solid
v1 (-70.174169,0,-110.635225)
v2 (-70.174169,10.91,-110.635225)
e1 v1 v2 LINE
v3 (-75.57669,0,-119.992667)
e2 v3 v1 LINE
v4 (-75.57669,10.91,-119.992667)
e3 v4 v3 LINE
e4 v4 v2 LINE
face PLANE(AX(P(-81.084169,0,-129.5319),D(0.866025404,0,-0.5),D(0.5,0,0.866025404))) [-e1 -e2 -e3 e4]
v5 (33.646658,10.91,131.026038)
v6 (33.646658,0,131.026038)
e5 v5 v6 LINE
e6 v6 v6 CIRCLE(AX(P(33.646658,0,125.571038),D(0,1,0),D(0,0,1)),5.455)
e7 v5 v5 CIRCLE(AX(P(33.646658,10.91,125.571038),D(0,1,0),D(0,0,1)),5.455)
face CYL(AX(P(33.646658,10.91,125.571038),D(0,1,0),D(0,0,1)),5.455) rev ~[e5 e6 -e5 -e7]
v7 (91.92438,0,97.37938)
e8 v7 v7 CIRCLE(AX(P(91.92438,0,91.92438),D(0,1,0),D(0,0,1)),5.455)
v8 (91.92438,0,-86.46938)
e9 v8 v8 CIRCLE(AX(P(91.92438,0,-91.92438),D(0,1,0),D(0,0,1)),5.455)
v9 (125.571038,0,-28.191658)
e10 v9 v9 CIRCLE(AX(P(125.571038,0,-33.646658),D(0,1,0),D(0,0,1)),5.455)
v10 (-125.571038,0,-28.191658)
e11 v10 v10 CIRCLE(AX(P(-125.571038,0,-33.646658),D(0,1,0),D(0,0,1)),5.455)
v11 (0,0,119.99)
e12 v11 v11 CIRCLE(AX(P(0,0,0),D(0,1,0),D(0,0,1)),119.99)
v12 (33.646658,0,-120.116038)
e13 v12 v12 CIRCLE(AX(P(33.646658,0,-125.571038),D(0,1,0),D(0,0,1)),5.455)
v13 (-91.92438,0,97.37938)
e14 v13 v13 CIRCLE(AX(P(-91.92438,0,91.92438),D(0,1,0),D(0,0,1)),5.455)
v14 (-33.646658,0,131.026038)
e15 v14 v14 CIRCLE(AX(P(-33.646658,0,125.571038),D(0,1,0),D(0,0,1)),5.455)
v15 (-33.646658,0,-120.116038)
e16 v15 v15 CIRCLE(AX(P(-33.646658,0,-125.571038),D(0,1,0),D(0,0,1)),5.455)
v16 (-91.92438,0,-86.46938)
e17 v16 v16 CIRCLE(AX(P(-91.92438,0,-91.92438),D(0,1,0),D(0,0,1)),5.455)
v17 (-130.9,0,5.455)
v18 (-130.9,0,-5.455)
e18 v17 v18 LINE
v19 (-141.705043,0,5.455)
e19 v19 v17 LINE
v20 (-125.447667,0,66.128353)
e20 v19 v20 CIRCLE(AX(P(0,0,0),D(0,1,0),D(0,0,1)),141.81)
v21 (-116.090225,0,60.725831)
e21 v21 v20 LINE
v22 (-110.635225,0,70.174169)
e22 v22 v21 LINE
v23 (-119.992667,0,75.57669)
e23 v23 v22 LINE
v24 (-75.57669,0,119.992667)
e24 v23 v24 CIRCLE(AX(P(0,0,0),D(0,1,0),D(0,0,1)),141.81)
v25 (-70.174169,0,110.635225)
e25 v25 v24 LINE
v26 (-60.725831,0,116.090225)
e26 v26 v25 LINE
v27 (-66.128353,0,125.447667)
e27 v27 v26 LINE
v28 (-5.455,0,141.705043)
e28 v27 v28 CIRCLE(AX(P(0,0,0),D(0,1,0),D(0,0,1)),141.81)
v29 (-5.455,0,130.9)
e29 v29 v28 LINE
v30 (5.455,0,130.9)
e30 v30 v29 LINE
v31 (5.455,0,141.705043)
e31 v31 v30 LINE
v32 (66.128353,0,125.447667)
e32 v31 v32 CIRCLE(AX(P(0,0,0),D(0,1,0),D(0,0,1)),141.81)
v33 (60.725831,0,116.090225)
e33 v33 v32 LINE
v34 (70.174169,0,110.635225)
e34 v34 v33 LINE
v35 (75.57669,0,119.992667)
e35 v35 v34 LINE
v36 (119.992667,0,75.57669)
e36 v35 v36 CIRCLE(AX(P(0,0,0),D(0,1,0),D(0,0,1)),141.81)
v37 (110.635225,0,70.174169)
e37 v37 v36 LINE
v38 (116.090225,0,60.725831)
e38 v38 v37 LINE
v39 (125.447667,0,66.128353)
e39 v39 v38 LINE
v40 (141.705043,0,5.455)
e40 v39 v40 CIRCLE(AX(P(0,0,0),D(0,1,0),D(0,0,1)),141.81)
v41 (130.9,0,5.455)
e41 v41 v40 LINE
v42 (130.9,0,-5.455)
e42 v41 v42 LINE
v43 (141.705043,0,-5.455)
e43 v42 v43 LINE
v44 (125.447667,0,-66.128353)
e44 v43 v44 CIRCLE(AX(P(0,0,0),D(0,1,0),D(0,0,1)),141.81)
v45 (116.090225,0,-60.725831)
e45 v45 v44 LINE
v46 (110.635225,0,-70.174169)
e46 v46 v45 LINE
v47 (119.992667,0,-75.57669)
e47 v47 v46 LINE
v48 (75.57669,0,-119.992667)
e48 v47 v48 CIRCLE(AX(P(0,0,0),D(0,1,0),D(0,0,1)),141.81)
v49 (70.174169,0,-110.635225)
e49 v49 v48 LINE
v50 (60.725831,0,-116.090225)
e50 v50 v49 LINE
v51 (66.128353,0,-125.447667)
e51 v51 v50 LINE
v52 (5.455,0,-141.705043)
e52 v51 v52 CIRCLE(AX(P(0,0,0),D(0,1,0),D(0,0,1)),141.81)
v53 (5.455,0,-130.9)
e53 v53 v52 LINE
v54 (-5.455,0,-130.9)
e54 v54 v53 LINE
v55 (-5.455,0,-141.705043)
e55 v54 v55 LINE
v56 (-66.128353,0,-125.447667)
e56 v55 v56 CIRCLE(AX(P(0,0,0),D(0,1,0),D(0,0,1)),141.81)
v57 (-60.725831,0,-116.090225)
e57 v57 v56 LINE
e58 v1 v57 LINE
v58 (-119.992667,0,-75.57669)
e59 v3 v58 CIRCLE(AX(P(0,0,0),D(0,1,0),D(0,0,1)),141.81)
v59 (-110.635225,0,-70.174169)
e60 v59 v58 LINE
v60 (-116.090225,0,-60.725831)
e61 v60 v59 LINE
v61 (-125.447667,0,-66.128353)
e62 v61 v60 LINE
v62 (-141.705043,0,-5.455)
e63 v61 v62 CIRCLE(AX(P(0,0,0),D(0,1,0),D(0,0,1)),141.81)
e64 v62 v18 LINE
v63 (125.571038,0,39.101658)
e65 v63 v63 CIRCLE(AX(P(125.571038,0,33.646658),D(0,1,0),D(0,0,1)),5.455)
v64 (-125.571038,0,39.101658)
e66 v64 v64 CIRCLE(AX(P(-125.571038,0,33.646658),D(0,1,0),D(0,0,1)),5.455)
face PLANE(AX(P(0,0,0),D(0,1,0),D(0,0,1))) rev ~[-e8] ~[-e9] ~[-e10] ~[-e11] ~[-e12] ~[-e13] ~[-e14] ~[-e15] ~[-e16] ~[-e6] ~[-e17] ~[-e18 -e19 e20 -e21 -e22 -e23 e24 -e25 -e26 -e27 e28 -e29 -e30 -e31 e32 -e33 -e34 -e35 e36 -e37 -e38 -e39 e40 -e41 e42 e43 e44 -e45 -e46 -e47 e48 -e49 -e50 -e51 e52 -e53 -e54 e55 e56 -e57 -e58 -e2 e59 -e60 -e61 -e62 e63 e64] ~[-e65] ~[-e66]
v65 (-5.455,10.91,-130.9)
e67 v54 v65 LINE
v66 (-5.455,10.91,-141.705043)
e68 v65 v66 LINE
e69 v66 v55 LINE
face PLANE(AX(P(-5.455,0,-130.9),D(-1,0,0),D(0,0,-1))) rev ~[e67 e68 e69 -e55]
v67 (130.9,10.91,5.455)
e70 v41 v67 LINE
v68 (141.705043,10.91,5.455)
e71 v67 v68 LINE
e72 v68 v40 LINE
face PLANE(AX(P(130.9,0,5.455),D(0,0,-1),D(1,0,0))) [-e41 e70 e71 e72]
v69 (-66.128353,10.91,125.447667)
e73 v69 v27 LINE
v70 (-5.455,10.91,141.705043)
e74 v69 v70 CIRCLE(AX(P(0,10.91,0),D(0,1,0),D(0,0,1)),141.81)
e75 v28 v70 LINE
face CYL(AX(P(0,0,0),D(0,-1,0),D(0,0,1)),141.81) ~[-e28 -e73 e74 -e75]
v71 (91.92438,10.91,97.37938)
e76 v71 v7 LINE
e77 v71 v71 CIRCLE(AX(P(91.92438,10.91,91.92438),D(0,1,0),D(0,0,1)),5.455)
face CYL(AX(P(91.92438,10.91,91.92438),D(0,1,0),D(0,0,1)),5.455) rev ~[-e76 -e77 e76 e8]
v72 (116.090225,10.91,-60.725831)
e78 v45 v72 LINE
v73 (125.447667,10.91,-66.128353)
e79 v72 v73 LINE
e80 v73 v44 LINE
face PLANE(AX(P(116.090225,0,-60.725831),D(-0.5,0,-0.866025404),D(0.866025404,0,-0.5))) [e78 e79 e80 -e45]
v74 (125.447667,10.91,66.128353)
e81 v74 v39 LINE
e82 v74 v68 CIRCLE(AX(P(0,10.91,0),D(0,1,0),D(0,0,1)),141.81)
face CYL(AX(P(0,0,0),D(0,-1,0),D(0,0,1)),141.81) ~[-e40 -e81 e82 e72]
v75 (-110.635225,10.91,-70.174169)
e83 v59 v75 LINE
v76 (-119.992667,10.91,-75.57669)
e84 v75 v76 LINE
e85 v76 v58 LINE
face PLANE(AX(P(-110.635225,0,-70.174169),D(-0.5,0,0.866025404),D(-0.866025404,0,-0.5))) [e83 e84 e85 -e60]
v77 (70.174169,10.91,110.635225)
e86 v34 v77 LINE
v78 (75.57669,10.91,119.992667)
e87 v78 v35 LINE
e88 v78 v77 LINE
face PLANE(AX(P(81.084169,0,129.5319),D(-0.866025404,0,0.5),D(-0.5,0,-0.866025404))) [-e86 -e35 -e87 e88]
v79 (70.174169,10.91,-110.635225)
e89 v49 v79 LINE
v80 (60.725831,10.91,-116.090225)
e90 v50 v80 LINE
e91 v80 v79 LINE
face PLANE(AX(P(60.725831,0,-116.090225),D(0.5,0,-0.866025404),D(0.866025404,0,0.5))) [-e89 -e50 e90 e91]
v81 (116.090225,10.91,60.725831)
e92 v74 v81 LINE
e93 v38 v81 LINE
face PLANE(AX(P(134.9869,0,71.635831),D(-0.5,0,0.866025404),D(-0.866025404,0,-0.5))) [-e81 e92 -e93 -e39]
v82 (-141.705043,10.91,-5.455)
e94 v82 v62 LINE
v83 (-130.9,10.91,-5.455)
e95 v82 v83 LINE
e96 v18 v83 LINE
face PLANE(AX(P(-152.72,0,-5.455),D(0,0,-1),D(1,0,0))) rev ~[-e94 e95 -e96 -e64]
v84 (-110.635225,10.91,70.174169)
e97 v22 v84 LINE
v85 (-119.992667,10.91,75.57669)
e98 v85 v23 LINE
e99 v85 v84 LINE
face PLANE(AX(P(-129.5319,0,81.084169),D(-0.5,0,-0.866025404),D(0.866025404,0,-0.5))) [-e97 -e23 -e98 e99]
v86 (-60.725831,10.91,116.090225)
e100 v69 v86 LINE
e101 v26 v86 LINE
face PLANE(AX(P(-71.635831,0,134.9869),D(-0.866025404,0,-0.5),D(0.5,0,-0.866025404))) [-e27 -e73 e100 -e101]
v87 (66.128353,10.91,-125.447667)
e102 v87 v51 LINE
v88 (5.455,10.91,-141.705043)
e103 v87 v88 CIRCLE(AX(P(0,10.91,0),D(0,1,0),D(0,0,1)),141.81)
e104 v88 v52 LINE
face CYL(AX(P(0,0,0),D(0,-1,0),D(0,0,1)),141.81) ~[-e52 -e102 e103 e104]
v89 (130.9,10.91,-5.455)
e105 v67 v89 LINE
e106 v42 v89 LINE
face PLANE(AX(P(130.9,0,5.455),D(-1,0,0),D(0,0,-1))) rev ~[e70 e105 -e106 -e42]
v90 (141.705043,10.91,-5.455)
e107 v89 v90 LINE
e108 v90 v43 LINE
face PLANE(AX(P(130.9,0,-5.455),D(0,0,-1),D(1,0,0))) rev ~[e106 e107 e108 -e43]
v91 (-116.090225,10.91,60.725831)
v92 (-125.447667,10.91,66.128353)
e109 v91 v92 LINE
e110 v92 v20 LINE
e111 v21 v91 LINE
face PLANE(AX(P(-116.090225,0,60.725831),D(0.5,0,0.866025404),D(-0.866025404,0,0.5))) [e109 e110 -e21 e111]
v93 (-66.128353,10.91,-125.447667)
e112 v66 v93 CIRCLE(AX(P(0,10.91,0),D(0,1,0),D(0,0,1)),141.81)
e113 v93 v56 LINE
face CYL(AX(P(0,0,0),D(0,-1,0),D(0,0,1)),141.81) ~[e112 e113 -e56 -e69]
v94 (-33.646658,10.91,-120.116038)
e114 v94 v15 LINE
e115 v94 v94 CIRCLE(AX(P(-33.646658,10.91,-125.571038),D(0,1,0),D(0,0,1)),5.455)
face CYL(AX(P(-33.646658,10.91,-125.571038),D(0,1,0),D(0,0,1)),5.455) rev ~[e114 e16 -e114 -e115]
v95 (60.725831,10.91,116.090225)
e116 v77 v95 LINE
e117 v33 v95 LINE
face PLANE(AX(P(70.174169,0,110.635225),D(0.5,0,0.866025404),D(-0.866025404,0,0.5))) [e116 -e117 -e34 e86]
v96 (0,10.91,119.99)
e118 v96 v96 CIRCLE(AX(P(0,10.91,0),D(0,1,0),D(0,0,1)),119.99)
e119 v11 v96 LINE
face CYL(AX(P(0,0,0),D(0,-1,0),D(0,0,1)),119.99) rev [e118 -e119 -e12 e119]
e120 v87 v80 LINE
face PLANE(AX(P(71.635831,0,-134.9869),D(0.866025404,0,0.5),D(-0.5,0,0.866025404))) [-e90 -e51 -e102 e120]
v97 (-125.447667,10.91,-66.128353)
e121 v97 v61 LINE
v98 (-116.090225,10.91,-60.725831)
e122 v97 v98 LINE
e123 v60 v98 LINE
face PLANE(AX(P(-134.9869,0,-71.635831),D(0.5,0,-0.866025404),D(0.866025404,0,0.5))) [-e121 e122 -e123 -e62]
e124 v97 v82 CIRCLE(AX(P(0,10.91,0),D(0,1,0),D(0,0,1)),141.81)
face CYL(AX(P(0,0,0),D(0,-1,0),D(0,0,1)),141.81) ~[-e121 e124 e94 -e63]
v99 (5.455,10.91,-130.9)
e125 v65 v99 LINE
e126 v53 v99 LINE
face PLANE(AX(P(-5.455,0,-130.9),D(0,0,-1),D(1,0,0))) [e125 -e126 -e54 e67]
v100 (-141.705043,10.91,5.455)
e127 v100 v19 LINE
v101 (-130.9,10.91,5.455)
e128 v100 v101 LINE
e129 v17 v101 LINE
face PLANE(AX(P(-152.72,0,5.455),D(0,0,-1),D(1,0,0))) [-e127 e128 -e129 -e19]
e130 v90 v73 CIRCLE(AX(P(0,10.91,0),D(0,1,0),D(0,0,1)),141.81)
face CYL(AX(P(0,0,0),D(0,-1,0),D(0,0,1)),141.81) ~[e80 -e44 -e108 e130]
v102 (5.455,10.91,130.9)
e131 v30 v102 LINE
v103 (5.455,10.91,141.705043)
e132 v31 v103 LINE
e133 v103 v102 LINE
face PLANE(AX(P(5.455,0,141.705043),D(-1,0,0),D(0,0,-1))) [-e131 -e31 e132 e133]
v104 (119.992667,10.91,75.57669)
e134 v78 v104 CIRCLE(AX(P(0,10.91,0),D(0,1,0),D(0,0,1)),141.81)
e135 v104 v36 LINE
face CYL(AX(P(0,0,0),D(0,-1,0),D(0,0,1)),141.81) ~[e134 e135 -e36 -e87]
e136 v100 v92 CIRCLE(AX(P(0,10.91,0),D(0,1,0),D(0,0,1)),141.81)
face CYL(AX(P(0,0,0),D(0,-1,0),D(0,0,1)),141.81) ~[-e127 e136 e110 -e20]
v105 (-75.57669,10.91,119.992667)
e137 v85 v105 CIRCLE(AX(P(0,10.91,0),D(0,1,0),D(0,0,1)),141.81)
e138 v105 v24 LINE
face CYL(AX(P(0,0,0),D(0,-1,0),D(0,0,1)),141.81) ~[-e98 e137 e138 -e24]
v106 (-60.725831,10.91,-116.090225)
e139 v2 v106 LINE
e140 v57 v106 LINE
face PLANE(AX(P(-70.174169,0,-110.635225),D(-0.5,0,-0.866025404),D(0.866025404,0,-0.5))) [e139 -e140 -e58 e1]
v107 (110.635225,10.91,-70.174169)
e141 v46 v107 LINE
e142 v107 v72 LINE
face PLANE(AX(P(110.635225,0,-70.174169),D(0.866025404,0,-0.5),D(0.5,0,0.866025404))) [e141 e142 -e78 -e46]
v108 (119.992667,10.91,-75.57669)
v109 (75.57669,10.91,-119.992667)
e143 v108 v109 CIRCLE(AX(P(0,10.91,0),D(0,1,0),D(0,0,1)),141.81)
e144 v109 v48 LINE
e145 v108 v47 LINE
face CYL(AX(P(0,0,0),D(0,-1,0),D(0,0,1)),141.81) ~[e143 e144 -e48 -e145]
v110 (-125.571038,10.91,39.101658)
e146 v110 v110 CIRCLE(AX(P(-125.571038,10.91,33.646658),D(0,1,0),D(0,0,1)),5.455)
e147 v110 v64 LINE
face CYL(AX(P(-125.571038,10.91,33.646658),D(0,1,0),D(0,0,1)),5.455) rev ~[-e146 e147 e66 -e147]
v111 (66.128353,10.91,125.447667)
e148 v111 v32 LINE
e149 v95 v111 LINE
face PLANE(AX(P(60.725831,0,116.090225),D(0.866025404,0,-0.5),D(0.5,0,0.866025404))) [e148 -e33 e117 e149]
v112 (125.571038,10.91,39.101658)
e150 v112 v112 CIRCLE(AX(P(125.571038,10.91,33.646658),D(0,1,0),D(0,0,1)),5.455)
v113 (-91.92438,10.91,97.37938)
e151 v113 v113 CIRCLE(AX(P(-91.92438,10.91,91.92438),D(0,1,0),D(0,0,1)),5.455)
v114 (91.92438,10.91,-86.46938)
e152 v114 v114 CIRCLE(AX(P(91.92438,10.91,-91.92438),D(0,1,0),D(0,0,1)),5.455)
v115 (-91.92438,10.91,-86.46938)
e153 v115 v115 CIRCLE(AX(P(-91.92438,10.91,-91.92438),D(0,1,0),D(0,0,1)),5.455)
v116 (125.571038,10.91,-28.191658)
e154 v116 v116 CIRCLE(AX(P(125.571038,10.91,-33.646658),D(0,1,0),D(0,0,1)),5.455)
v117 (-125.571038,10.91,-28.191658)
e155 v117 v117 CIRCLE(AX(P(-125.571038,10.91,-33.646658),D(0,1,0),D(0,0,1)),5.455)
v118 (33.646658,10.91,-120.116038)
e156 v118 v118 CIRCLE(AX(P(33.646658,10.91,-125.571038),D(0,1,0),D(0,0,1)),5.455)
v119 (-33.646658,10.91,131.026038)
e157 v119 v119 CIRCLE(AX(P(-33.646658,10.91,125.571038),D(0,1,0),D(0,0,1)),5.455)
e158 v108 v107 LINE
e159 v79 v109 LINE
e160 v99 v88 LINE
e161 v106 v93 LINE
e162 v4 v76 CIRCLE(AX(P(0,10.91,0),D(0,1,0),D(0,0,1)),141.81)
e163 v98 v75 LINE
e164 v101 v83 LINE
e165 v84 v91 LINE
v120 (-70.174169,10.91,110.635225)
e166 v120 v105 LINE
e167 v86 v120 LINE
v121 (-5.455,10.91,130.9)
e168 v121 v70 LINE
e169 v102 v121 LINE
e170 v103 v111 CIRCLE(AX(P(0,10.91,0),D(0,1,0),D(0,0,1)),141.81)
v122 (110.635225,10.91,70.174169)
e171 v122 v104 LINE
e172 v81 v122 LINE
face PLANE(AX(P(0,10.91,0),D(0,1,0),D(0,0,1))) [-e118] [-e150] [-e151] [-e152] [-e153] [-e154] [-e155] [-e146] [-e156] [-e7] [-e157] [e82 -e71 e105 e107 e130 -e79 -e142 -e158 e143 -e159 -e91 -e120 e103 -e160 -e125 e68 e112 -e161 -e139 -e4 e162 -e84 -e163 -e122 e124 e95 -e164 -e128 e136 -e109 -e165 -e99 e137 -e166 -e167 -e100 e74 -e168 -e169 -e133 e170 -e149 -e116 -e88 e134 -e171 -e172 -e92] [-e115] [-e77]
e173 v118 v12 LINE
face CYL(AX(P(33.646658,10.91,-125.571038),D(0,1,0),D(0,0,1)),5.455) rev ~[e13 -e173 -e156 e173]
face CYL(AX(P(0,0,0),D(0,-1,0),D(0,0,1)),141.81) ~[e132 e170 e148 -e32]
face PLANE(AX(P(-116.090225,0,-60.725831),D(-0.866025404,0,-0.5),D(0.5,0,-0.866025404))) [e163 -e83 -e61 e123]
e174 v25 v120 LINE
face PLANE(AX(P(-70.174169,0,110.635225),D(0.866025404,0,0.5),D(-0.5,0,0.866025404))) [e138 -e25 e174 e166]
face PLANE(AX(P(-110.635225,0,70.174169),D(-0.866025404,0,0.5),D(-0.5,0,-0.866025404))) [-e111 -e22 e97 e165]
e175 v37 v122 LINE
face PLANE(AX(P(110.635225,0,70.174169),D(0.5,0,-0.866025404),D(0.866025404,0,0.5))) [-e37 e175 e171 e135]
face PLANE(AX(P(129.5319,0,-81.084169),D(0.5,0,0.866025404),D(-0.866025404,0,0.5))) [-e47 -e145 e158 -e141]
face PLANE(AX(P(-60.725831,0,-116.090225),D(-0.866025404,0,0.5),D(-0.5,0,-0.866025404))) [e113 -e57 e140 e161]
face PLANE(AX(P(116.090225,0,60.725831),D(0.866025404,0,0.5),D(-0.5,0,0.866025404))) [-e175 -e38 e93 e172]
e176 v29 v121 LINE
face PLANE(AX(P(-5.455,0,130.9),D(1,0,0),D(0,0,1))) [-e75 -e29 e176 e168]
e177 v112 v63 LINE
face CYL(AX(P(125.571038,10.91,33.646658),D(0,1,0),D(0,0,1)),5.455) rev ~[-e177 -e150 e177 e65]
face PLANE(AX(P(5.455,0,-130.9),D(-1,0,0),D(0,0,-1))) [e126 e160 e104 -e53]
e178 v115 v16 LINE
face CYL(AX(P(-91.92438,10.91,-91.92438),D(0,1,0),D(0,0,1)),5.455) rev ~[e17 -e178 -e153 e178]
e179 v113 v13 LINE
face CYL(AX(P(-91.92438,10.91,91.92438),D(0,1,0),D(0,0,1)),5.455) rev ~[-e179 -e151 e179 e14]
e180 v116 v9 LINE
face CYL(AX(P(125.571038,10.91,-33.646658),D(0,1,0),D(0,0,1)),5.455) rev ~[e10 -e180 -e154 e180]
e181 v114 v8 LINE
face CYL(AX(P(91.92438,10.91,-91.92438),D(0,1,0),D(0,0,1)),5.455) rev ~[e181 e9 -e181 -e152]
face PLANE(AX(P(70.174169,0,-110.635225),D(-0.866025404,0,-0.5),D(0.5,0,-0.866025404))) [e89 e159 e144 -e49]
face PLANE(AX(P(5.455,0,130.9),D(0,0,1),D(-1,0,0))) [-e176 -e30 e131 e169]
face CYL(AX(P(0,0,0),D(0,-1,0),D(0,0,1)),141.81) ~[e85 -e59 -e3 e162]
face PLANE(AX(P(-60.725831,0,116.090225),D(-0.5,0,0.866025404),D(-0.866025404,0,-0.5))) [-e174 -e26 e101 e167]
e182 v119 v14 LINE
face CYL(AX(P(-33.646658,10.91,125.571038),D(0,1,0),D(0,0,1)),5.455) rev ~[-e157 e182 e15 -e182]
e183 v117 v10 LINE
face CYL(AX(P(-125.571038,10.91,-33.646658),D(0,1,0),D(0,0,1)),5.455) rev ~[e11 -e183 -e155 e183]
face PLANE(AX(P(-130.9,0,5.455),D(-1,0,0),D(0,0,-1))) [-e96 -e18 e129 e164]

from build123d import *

# Parameters (mm, degrees)
SKETCH1_R           = 141.81
SKETCH1_R_2         = 119.99
BOSS_EXTRUDE1_DEPTH = 10.91
CUT_EXTRUDE1_START  = -10.91
SKETCH2_W           = 21.82
SKETCH2_H           = 10.91
SKETCH2_W_2         = 10.91
SKETCH2_H_2         = 21.82
CUT_EXTRUDE1_DEPTH  = 10.91
SKETCH3_R           = 5.455
CUT_EXTRUDE2_DEPTH  = 10.91


with BuildPart() as part:
    # Sketch1 → Boss-Extrude1 (new body)
    with BuildSketch(Plane(origin=(0, 0, 0), x_dir=(1, 0, 0), z_dir=(0, 1, 0))):
        with Locations(Location((0, 0, 0), (0, 0, 270))):
            Circle(SKETCH1_R)
        with Locations(Location((0, 0, 0), (0, 0, 270))):
            Circle(SKETCH1_R_2, mode=Mode.SUBTRACT)
    extrude(amount=BOSS_EXTRUDE1_DEPTH)

    # Sketch2 → Cut-Extrude1 (cut)
    with BuildSketch(Plane(origin=(0, 10.91, 0), x_dir=(1, 0, 0), z_dir=(0, 1, 0)).offset(CUT_EXTRUDE1_START)):
        with BuildLine():
            Line((-5.455, -130.9), (-5.455, -141.705042518))
            ThreePointArc((-5.455, -141.705042518), (0, -141.81), (5.455, -141.705042518))
            Line((5.455, -141.705042518), (5.455, -130.9))
            Line((5.455, -130.9), (0, -130.9))
            Line((0, -130.9), (-5.455, -130.9))
        make_face()
        Polygon((-71.635831422, -134.986899666), (-60.725831422, -116.090225355), (-70.174168578, -110.635225355), (-81.084168578, -129.531899666), align=None)
        Polygon((-129.531899666, -81.084168578), (-110.635225355, -70.174168578), (-116.090225355, -60.725831422), (-134.986899666, -71.635831422), align=None)
        with Locations((-141.81, 0)):
            Rectangle(SKETCH2_W, SKETCH2_H)
        Polygon((-134.986899666, 71.635831422), (-116.090225355, 60.725831422), (-110.635225355, 70.174168578), (-129.531899666, 81.084168578), align=None)
        Polygon((-81.084168578, 129.531899666), (-70.174168578, 110.635225355), (-60.725831422, 116.090225355), (-71.635831422, 134.986899666), align=None)
        with Locations((0, 141.81)):
            Rectangle(SKETCH2_W_2, SKETCH2_H_2)
        Polygon((71.635831422, 134.986899666), (60.725831422, 116.090225355), (70.174168578, 110.635225355), (81.084168578, 129.531899666), align=None)
        Polygon((129.531899666, 81.084168578), (110.635225355, 70.174168578), (116.090225355, 60.725831422), (134.986899666, 71.635831422), align=None)
        with Locations((141.81, 0)):
            Rectangle(SKETCH2_W, SKETCH2_H)
        Polygon((134.986899666, -71.635831422), (116.090225355, -60.725831422), (110.635225355, -70.174168578), (129.531899666, -81.084168578), align=None)
        Polygon((81.084168578, -129.531899666), (70.174168578, -110.635225355), (60.725831422, -116.090225355), (71.635831422, -134.986899666), align=None)
    extrude(amount=CUT_EXTRUDE1_DEPTH, mode=Mode.SUBTRACT)

    # Sketch3 → Cut-Extrude2 (cut)
    with BuildSketch(Plane(origin=(0, 10.91, 0), x_dir=(1, 0, 0), z_dir=(0, 1, 0))):
        with Locations(Location((-33.646658285, -125.571038224, 0), (0, 0, 270))):
            Circle(SKETCH3_R)
        with Locations(Location((-91.924379939, -91.924379939, 0), (0, 0, 270))):
            Circle(SKETCH3_R)
        with Locations(Location((-125.571038224, -33.646658285, 0), (0, 0, 270))):
            Circle(SKETCH3_R)
        with Locations(Location((-125.571038224, 33.646658285, 0), (0, 0, 270))):
            Circle(SKETCH3_R)
        with Locations(Location((-91.924379939, 91.924379939, 0), (0, 0, 270))):
            Circle(SKETCH3_R)
        with Locations(Location((-33.646658285, 125.571038224, 0), (0, 0, 270))):
            Circle(SKETCH3_R)
        with Locations(Location((33.646658285, 125.571038224, 0), (0, 0, 270))):
            Circle(SKETCH3_R)
        with Locations(Location((91.924379939, 91.924379939, 0), (0, 0, 270))):
            Circle(SKETCH3_R)
        with Locations(Location((125.571038224, 33.646658285, 0), (0, 0, 270))):
            Circle(SKETCH3_R)
        with Locations(Location((125.571038224, -33.646658285, 0), (0, 0, 270))):
            Circle(SKETCH3_R)
        with Locations(Location((91.924379939, -91.924379939, 0), (0, 0, 270))):
            Circle(SKETCH3_R)
        with Locations(Location((33.646658285, -125.571038224, 0), (0, 0, 270))):
            Circle(SKETCH3_R)
    extrude(amount=-CUT_EXTRUDE2_DEPTH, mode=Mode.SUBTRACT)


solid = part.part
